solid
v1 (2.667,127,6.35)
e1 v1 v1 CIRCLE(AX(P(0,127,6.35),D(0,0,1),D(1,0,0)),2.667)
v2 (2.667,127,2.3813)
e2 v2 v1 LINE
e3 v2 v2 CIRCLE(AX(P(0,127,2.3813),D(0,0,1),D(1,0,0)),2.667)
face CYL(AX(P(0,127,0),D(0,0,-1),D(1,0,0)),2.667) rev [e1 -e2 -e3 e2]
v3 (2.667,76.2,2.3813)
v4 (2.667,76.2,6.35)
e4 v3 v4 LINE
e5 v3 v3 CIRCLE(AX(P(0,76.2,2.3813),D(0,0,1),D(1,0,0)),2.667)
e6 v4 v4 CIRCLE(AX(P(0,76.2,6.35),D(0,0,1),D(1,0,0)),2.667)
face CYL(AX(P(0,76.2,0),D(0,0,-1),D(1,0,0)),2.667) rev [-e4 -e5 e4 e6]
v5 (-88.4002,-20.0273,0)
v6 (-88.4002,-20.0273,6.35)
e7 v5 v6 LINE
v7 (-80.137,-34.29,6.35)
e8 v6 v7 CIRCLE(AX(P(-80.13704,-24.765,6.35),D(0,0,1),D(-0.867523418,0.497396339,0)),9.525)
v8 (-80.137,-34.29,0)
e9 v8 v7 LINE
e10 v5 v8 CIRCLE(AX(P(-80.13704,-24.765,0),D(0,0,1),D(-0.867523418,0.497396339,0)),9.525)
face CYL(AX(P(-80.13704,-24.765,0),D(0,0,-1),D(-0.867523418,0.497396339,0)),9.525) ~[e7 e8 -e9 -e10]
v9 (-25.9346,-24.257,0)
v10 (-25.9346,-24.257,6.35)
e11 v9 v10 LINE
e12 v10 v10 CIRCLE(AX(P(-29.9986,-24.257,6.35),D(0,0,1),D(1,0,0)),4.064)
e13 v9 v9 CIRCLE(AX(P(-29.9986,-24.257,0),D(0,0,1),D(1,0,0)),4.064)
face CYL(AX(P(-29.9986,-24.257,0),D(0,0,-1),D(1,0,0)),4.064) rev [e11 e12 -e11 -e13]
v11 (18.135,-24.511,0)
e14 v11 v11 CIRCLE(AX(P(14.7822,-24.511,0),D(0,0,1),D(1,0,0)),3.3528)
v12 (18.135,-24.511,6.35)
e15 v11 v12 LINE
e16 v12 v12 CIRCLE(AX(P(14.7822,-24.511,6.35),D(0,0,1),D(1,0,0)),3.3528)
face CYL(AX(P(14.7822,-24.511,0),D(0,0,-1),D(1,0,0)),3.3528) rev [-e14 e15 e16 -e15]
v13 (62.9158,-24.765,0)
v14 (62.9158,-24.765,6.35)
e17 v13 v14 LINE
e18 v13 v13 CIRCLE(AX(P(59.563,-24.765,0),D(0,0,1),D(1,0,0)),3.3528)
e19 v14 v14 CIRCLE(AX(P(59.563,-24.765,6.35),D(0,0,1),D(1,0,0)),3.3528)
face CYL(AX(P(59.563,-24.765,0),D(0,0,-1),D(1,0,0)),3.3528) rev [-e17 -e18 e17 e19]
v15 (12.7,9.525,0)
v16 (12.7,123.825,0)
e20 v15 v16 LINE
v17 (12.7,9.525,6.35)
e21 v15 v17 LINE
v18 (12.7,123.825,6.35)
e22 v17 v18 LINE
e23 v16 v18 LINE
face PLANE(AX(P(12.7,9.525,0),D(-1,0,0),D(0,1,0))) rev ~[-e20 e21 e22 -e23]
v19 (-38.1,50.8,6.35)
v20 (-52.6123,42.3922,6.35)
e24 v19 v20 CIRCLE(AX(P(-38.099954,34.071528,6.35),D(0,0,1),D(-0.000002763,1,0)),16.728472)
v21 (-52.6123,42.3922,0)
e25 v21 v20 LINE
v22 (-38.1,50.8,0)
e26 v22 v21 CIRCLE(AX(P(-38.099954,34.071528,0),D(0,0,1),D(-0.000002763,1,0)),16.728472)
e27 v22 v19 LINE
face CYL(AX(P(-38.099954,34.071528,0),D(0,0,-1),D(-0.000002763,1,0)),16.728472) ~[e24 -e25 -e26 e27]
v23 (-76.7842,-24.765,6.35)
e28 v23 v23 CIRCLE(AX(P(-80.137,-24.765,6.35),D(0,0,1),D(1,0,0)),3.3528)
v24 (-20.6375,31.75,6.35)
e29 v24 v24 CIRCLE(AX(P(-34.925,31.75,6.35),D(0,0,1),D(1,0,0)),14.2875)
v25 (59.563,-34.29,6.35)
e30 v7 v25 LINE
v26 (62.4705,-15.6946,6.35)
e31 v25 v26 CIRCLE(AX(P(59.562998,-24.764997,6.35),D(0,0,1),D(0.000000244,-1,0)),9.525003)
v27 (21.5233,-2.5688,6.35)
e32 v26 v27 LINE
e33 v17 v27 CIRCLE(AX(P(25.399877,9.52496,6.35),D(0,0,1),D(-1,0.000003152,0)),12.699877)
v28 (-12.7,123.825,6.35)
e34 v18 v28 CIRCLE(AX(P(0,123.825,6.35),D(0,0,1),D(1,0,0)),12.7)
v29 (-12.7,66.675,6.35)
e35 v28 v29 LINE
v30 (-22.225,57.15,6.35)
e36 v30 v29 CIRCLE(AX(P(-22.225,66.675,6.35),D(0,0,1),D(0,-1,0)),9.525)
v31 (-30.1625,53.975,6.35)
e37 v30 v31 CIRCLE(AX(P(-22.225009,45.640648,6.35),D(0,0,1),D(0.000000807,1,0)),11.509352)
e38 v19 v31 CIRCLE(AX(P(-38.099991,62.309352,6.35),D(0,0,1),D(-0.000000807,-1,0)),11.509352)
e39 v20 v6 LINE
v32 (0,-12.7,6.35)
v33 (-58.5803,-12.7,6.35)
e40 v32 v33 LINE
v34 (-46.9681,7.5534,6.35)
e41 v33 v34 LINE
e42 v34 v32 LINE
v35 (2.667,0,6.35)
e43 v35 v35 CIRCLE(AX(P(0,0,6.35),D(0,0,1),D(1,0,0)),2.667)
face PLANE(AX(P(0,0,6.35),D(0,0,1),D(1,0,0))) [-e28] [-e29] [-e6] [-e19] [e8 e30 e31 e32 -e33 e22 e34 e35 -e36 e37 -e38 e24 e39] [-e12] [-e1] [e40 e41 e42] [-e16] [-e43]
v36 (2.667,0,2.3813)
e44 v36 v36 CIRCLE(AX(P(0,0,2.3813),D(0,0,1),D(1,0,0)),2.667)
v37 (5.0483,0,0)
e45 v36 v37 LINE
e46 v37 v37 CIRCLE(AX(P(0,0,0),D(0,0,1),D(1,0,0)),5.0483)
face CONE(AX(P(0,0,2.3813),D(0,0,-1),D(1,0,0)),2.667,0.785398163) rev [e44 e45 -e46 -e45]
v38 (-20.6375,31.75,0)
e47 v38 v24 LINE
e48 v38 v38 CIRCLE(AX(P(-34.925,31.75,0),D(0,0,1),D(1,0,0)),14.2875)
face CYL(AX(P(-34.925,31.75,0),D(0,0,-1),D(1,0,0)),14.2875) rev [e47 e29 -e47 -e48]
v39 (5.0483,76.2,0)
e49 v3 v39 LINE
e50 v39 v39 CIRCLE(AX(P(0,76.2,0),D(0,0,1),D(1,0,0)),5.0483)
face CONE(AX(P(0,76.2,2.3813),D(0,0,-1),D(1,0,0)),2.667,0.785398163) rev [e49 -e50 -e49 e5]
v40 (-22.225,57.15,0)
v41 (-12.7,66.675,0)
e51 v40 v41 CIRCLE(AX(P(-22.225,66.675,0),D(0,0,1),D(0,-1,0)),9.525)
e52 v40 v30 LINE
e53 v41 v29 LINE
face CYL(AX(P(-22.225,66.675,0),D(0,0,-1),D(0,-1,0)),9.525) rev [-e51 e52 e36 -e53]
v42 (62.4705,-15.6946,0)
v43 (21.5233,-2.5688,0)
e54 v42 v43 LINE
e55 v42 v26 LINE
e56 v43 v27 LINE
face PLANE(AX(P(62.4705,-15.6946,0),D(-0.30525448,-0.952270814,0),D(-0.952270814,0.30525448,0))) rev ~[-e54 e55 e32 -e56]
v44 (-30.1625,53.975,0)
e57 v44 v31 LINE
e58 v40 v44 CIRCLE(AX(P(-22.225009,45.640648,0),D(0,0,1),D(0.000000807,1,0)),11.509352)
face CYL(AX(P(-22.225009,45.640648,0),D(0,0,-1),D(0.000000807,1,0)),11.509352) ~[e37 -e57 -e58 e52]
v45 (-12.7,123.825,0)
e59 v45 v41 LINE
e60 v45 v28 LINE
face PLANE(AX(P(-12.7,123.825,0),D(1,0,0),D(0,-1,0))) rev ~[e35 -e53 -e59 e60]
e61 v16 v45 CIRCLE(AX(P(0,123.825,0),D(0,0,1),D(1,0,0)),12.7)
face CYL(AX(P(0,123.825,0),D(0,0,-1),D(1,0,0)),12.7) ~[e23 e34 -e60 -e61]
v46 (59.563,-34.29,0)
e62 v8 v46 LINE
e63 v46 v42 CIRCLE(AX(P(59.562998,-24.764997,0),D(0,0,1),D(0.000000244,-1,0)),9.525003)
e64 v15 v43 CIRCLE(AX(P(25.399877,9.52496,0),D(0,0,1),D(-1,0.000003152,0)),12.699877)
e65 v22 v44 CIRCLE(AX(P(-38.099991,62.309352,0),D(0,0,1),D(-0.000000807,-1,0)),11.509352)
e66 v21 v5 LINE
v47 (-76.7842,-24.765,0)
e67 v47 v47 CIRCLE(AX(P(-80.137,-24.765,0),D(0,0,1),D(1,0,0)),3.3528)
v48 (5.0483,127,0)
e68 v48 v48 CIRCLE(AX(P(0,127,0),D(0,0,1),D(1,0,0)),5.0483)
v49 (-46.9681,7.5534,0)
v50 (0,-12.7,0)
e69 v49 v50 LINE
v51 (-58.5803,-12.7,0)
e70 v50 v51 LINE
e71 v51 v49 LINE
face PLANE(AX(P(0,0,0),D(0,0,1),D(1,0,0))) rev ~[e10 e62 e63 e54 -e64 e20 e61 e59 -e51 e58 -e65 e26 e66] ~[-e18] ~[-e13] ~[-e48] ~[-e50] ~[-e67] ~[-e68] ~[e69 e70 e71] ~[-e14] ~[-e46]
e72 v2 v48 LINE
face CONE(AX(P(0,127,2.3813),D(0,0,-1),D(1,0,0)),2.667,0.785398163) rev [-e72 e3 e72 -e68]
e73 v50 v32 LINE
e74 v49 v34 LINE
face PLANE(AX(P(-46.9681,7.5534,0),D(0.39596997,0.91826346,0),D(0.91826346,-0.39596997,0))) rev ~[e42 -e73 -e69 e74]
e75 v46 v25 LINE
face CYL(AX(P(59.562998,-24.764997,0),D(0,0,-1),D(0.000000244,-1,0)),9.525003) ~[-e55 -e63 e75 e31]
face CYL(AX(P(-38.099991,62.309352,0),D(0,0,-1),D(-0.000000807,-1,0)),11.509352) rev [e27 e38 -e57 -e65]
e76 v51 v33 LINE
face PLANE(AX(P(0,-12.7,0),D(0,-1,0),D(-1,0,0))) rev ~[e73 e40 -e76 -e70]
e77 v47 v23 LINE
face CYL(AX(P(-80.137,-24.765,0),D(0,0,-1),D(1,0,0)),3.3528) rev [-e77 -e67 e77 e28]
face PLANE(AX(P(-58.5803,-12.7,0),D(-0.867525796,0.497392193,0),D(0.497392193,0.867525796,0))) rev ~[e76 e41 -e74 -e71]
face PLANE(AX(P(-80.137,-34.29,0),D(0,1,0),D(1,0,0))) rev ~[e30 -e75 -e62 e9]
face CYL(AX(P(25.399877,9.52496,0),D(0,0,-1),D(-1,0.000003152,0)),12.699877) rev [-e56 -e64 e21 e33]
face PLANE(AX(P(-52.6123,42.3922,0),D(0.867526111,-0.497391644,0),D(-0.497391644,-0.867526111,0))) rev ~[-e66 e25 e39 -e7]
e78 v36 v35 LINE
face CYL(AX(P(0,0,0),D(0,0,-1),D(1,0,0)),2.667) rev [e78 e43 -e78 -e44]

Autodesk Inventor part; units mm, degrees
ref_plane "YZ Plane" through (0, 0, 0) normal (1, 0, 0) x (0, 1, 0)
ref_plane "XZ Plane" through (0, 0, 0) normal (0, 1, 0) x (-1, 0, 0)
ref_plane "XY Plane" through (0, 0, 0) normal (0, 0, 1) x (1, 0, 0)
sketch "0" plane through (0, 0, 0) normal (0, 0, 1) x (1, 0, 0)
  line L0 (0, -12.7) -> (-58.5803, -12.7)
  line L1 (-58.5803, -12.7) -> (-46.9681, 7.5534)
  line L2 (-46.9681, 7.5534) -> (0, -12.7)
  line L3 (12.7, 9.525) -> (12.7, 123.825)
  arc A0 (12.7, 123.825) -> (-12.7, 123.825) centre (0, 123.825) ccw
  line L4 (-12.7, 123.825) -> (-12.7, 66.675)
  arc A1 (-22.225, 57.15) -> (-12.7, 66.675) centre (-22.225, 66.675) ccw
  arc A2 (-22.225, 57.15) -> (-30.1625, 53.975) centre (-22.225, 45.6406) ccw
  arc A3 (-38.1, 50.8) -> (-30.1625, 53.975) centre (-38.1, 62.3094) ccw
  arc A4 (-38.1, 50.8) -> (-52.6123, 42.3922) centre (-38.1, 34.0717) ccw
  line L5 (-52.6123, 42.3922) -> (-88.4002, -20.0273)
  arc A5 (-88.4002, -20.0273) -> (-80.137, -34.29) centre (-80.137, -24.765) ccw
  line L6 (-80.137, -34.29) -> (59.563, -34.29)
  arc A6 (59.563, -34.29) -> (62.4705, -15.6946) centre (59.563, -24.765) ccw
  line L7 (62.4705, -15.6946) -> (21.5233, -2.5688)
  arc A7 (12.7, 9.525) -> (21.5233, -2.5688) centre (25.4, 9.525) ccw
  circle A8 centre (0, 0) radius 2.667
  circle A9 centre (0, 76.2) radius 2.667
  circle A10 centre (0, 127) radius 2.667
  circle A11 centre (-34.925, 31.75) radius 14.2875
  line L8 (0, 127) -> (0, 0) construction
  line L9 (-84.1991, -12.7) -> (53.1285, -12.7) construction
  line L10 (-22.225, 57.15) -> (0, 57.15) construction
  line L11 (-38.1, 50.8) -> (0, 50.8) construction
  line L12 (-52.8286, 42.0149) -> (-47.3198, 38.8565) construction
  line L13 (-45.6113, 6.9684) -> (-40.5824, 18.6303) construction
  circle A12 centre (-80.137, -24.765) radius 3.3528 projected
  circle A13 centre (-29.9986, -24.257) radius 4.064 projected
  circle A14 centre (14.7822, -24.511) radius 3.3528 projected
  circle A15 centre (59.563, -24.765) radius 3.3528 projected
  line L14 (-34.925, 50.8) -> (-34.925, 46.0375) construction
  dimension "d0" = 5.334
  dimension "d1" = 76.2
  dimension "d2" = 127
  dimension "d3" = 12.7
  dimension "d4" = 3.175
  dimension "d6" = 28.575
  dimension "d8" = 12.7
  dimension "d9" = 12.7
  dimension "d12" = 57.15
  dimension "d13" = 6.35
  dimension "d14" = 34.925
  dimension "d15" = 44.45
  dimension "d16" = 6.35
  dimension "d25" = 9.525
  dimension "d26" = 12.7
  dimension "d27" = 22.225
  dimension "d28" = 22.225
  dimension "d29" = 12.7
  dimension "d35" = 9.525
  dimension "d36" = 25.4
  dimension "d37" = 4.7625
extrude "Extrusion1" add sketch "0" along normal blind 6.35
chamfer "Chamfer1" distance 2.3813 angle 45 3 edges at (-2.667, 127, 0) (-2.667, 76.2, 0) (-2.667, 0, 0)
properties part number "support plate 2"
